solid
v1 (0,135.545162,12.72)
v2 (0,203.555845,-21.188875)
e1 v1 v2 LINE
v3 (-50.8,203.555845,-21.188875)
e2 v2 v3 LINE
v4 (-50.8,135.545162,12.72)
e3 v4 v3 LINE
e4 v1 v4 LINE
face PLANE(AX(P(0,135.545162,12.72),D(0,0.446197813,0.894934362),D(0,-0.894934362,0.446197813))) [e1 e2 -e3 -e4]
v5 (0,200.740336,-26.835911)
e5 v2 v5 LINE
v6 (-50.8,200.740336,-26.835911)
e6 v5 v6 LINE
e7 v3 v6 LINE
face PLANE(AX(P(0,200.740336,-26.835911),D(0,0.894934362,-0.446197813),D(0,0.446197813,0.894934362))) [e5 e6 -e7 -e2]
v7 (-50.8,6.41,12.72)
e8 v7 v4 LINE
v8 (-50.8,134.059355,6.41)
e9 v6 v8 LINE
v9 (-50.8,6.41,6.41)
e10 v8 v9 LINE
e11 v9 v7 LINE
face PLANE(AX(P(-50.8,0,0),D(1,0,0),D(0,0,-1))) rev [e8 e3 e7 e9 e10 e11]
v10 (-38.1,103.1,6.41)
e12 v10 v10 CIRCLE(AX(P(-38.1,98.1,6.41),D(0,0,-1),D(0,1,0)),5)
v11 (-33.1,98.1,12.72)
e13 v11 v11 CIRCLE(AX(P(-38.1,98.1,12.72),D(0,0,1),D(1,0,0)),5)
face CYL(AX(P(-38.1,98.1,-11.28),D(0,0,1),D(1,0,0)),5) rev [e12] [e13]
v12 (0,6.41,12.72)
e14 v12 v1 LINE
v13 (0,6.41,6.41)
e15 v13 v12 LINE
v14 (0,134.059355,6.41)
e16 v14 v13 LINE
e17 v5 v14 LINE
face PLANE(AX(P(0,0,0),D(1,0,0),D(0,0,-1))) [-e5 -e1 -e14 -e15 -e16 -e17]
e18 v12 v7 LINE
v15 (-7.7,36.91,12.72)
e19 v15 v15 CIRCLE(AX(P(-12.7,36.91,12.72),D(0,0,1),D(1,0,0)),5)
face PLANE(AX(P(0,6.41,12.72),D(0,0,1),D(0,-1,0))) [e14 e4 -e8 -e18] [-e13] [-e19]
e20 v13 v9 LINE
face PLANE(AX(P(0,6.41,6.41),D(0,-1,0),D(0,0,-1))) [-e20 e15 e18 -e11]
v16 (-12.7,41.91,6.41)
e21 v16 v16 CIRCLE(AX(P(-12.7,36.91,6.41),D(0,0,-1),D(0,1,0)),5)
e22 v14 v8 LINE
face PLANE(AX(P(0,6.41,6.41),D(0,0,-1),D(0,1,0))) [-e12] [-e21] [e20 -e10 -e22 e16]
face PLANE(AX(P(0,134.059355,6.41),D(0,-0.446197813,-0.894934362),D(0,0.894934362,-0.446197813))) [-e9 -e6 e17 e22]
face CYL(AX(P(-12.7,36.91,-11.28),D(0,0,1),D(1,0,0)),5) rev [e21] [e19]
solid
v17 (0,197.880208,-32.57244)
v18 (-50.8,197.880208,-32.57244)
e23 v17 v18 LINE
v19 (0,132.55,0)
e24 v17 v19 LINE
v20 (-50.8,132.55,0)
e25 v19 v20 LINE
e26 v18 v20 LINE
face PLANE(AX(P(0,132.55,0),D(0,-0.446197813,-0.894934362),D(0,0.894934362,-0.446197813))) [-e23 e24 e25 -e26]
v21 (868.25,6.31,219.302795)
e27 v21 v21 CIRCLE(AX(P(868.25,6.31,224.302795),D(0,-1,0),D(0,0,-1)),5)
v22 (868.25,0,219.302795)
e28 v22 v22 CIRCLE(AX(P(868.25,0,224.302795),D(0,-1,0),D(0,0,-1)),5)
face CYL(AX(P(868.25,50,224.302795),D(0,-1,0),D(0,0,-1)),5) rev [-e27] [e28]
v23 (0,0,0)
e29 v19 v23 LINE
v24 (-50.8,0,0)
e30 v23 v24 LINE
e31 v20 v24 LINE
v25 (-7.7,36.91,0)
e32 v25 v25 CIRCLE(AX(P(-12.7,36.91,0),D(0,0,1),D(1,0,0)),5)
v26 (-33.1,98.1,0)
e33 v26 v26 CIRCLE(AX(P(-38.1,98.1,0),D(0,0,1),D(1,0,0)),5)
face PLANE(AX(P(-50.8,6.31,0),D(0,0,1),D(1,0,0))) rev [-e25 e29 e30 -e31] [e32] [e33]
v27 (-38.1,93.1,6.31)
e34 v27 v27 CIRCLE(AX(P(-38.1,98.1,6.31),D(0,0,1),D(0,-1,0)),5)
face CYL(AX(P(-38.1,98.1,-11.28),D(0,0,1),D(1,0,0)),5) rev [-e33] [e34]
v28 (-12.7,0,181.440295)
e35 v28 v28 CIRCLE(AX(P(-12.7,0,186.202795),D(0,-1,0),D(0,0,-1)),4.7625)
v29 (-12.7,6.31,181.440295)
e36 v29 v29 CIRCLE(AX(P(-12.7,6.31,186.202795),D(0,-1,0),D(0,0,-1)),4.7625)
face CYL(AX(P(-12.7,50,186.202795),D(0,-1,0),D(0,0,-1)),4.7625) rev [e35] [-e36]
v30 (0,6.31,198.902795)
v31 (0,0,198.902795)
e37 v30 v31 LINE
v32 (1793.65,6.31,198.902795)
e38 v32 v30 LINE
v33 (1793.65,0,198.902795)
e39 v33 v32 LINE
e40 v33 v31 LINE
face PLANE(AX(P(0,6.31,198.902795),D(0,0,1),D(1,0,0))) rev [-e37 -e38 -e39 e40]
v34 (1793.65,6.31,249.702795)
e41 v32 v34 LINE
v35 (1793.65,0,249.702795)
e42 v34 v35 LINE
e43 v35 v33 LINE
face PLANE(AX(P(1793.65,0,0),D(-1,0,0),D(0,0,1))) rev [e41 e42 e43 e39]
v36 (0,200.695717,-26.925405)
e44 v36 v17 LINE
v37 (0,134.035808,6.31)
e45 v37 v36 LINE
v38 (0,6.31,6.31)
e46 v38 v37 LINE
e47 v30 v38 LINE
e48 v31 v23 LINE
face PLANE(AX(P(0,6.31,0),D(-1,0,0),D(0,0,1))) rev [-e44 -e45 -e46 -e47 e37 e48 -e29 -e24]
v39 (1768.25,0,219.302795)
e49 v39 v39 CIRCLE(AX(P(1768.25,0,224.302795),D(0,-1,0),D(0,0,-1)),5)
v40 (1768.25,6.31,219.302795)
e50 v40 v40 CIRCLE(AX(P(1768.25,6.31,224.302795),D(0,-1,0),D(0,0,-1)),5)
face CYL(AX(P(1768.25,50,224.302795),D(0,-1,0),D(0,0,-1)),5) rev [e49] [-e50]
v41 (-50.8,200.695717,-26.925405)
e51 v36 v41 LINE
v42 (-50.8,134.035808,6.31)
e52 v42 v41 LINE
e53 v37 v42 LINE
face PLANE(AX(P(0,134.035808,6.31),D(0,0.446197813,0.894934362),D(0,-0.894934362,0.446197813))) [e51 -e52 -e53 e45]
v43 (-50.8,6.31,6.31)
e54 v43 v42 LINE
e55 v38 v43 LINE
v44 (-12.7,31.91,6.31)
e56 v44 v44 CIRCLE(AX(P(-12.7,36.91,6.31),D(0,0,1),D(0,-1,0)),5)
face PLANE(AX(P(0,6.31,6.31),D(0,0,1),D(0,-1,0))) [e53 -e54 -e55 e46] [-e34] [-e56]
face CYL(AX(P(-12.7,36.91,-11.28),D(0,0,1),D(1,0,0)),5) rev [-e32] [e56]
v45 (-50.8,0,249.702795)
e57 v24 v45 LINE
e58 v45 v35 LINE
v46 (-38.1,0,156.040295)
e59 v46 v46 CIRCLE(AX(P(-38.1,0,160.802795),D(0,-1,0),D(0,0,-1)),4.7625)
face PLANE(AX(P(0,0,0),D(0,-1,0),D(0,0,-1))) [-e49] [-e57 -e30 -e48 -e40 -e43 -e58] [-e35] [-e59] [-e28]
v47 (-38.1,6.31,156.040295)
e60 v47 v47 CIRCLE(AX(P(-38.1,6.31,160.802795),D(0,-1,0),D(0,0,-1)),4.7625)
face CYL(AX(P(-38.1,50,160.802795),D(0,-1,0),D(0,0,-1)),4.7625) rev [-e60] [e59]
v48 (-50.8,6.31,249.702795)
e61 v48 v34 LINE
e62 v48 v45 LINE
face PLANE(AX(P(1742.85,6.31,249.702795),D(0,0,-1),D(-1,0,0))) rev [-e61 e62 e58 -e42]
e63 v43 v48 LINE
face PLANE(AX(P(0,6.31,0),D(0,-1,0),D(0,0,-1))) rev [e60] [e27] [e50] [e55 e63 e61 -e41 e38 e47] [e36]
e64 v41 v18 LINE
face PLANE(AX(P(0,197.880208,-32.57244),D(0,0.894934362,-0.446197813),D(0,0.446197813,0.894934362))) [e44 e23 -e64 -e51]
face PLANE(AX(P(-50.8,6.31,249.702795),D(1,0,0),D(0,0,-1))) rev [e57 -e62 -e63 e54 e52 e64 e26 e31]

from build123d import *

# Parameters (mm, degrees)
SALIENTE_EXTRUIR1_DEPTH = 6.31
SALIENTE_EXTRUIR2_DEPTH = 50.8
SALIENTE_EXTRUIR3_DEPTH = 50.8
CROQUIS4_W              = 50.8
CROQUIS4_H              = 6.31
SALIENTE_EXTRUIR4_DEPTH = 50.8
CROQUIS5_R              = 4.7625
CORTAR_EXTRUIR1_DEPTH   = 50
CROQUIS6_R              = 5
CORTAR_EXTRUIR2_DEPTH   = 50
CROQUIS7_R              = 5
CORTAR_EXTRUIR3_DEPTH   = 50
CROQUIS8_R              = 5
CORTAR_EXTRUIR4_DEPTH   = 24


with BuildPart() as part:
    # Croquis1 → Saliente-Extruir1 (new body)
    with BuildSketch(Plane(origin=(0, 0, 0), x_dir=(1, 0, 0), z_dir=(0, 1, 0))):
        Polygon((1742.85, -198.902795), (1742.85, -249.702795), (-50.8, -249.702795), (-50.8, 0), (0, 0), (0, -198.902795), align=None)
    extrude(amount=SALIENTE_EXTRUIR1_DEPTH)

    # Croquis2 → Saliente-Extruir2 (add)
    with BuildSketch(Plane.ZY.offset(50.8)):
        Polygon((0, 6.31), (0, 132.55), (-32.572440357, 197.880208397), (-26.925404535, 200.695716598), (6.31, 134.035807771), (6.31, 6.31), align=None)
    extrude(amount=-SALIENTE_EXTRUIR2_DEPTH)

    # Croquis4 → Saliente-Extruir4 (add)
    with BuildSketch(Plane(origin=(1742.85, 0, 0), x_dir=(0, 0, -1), z_dir=(1, 0, 0))):
        with Locations((-224.302795, 3.155)):
            Rectangle(CROQUIS4_W, CROQUIS4_H)
    extrude(amount=SALIENTE_EXTRUIR4_DEPTH)

    # Croquis5 → Cortar-Extruir1 (cut)
    with BuildSketch(Plane(origin=(0, 0, 0), x_dir=(-1, 0, 0), z_dir=(0, -1, 0))):
        with Locations(Location((38.1, -160.802795, 0), (0, 0, 90))):
            Circle(CROQUIS5_R)
        with Locations(Location((12.7, -186.202795, 0), (0, 0, 90))):
            Circle(CROQUIS5_R)
    extrude(amount=-CORTAR_EXTRUIR1_DEPTH, mode=Mode.SUBTRACT)

    # Croquis6 → Cortar-Extruir2 (cut)
    with BuildSketch(Plane(origin=(0, 0, 0), x_dir=(-1, 0, 0), z_dir=(0, -1, 0))):
        with Locations(Location((-868.250000079, -224.302795, 0), (0, 0, 90))):
            Circle(CROQUIS6_R)
    extrude(amount=-CORTAR_EXTRUIR2_DEPTH, mode=Mode.SUBTRACT)

    # Croquis7 → Cortar-Extruir3 (cut)
    with BuildSketch(Plane(origin=(0, 0, 0), x_dir=(-1, 0, 0), z_dir=(0, -1, 0))):
        with Locations(Location((-1768.25, -224.302795, 0), (0, 0, 90))):
            Circle(CROQUIS7_R)
    extrude(amount=-CORTAR_EXTRUIR3_DEPTH, mode=Mode.SUBTRACT)


with BuildPart() as body_2:
    # Croquis3 → Saliente-Extruir3 (new body)
    with BuildSketch(Plane.ZY.offset(50.8)):
        Polygon((6.41, 6.41), (6.41, 134.059354646), (-26.835911099, 200.740336379), (-21.188875277, 203.55584458), (12.72, 135.545162417), (12.72, 6.41), align=None)
    extrude(amount=-SALIENTE_EXTRUIR3_DEPTH)


with BuildPart() as cortar_extruir4_tool:
    # Croquis8 → Cortar-Extruir4 (new body)
    with BuildSketch(Plane.XY.offset(12.72)):
        with Locations((-38.1, 98.1)):
            Circle(CROQUIS8_R)
        with Locations((-12.7, 36.91)):
            Circle(CROQUIS8_R)
    extrude(amount=-CORTAR_EXTRUIR4_DEPTH)


with BuildPart() as part_1:
    add(part.part)

    # Cortar-Extruir4: cut by cortar_extruir4_tool
    add(cortar_extruir4_tool.part, mode=Mode.SUBTRACT)


with BuildPart() as body_2_1:
    add(body_2.part)

    # Cortar-Extruir4: cut by cortar_extruir4_tool
    add(cortar_extruir4_tool.part, mode=Mode.SUBTRACT)


solid = Compound([part_1.part, body_2_1.part])
